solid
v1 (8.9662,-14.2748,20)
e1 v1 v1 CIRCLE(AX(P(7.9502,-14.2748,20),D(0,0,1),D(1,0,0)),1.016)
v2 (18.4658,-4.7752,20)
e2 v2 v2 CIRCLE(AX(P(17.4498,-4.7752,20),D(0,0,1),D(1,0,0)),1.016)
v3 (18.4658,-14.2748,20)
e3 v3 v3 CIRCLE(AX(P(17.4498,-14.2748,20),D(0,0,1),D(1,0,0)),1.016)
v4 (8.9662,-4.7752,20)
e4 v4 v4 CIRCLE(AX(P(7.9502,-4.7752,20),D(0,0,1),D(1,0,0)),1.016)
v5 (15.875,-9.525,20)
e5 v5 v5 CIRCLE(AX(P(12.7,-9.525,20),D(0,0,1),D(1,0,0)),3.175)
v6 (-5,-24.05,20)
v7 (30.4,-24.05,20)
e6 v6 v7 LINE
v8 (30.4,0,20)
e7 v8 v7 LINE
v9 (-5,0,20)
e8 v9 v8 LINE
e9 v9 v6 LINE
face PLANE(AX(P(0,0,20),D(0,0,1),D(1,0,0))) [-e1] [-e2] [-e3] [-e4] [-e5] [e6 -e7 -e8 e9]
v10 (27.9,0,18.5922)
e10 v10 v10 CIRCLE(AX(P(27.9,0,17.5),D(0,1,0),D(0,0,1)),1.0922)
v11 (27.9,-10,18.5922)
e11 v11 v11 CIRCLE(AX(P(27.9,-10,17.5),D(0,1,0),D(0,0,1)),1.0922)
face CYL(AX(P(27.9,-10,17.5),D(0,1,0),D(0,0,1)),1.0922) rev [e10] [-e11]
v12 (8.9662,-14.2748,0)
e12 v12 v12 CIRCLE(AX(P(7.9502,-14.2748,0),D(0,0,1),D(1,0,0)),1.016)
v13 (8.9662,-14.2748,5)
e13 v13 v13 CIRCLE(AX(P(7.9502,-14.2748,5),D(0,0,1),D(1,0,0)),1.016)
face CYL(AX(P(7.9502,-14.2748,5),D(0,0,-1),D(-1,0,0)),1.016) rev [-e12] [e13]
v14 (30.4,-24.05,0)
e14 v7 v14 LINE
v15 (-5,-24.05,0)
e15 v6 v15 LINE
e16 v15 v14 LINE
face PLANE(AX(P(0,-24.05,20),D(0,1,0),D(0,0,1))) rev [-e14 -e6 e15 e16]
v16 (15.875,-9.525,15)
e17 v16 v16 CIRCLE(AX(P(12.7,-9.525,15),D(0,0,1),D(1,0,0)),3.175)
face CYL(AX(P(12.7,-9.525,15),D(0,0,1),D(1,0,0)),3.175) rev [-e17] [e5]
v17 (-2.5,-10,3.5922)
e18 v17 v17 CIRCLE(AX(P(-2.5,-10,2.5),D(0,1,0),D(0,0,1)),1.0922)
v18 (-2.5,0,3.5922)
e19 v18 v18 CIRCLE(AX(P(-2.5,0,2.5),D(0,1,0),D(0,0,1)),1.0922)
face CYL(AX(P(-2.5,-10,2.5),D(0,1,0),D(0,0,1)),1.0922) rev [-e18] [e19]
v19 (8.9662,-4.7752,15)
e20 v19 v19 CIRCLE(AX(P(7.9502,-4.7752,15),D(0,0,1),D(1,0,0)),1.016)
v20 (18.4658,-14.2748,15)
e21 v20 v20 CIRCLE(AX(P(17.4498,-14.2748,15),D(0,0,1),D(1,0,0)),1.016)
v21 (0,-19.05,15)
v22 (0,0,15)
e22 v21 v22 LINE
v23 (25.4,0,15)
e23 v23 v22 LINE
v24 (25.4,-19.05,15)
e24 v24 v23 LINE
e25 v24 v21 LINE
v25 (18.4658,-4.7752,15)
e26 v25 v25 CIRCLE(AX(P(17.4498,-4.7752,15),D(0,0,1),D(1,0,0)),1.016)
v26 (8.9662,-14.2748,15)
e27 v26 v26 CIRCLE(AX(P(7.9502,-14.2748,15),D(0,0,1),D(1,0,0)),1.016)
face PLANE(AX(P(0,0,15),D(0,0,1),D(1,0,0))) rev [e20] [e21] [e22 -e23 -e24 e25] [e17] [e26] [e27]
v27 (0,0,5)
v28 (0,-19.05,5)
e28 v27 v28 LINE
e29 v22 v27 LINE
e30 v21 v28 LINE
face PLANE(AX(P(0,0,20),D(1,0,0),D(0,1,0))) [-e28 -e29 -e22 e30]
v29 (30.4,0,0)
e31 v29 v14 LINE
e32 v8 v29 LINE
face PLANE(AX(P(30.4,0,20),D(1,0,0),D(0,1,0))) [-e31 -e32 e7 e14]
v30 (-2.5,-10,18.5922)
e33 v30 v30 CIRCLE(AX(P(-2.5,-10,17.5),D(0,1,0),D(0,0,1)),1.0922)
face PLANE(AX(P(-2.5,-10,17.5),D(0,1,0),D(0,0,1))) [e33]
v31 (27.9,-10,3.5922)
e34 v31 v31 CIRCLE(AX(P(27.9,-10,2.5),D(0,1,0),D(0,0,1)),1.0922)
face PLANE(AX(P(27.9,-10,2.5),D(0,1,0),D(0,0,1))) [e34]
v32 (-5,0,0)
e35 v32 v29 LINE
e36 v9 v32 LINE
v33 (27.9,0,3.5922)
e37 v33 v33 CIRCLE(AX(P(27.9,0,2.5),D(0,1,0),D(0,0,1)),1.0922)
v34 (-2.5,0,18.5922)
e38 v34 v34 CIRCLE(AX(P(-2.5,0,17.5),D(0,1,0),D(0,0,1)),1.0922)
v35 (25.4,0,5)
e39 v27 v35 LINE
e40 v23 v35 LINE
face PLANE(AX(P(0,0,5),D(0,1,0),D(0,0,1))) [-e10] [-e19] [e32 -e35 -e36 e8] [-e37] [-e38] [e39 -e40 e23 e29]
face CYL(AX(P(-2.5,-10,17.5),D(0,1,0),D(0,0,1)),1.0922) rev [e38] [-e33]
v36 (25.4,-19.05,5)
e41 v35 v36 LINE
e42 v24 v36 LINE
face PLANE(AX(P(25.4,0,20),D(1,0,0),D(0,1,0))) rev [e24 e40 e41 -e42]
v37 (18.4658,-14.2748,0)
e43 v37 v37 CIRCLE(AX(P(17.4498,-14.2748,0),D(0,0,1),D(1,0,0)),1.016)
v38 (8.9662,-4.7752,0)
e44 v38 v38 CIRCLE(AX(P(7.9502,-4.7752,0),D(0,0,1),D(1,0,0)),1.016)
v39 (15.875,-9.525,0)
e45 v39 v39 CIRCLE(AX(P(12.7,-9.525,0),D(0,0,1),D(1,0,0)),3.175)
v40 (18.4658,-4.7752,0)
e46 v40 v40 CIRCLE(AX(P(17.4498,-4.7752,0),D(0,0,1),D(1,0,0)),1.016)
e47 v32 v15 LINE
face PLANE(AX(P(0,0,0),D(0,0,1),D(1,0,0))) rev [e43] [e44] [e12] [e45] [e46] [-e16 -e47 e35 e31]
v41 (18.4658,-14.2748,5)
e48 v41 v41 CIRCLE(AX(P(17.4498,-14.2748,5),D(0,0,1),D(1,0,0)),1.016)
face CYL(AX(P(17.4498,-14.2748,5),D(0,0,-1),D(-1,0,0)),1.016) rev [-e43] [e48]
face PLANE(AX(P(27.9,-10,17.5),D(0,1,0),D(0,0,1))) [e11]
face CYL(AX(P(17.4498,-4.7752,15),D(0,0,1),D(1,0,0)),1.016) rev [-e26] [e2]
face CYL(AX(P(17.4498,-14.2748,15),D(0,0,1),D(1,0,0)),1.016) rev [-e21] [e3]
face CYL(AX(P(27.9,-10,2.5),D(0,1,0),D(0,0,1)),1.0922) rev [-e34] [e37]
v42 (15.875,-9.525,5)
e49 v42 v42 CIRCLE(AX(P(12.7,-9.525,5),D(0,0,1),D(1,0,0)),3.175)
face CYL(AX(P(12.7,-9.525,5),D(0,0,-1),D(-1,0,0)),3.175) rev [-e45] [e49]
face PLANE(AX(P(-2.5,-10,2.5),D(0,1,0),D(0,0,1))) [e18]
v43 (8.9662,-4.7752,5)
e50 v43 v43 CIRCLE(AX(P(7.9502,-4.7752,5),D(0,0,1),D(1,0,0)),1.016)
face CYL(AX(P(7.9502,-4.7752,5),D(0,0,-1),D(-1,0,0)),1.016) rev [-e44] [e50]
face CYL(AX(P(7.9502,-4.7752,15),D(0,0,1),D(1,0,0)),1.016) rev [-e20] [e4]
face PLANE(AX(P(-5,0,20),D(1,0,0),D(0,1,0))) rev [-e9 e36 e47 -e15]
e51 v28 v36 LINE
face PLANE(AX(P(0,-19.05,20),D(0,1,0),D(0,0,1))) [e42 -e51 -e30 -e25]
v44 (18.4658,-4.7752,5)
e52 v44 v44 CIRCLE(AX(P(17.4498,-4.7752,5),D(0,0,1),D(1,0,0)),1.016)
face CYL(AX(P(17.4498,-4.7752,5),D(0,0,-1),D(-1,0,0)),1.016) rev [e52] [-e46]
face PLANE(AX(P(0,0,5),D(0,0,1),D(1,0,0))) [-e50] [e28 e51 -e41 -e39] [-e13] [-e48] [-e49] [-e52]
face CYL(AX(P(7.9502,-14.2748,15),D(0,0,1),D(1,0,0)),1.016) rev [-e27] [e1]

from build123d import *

# Parameters (mm, degrees)
SKETCH1_W           = 25.4
SKETCH1_H           = 19.05
SKETCH1_R           = 3.175
SKETCH1_R_2         = 1.016
BOSS_EXTRUDE1_DEPTH = 5
SKETCH1_3_W         = 25.4
SKETCH1_3_H         = 5
BOSS_EXTRUDE2_DEPTH = 20
BOSS_EXTRUDE3_START = 20
SKETCH1_4_W         = 25.4
SKETCH1_4_H         = 19.05
SKETCH1_4_R         = 3.175
SKETCH1_4_R_2       = 1.016
BOSS_EXTRUDE3_DEPTH = 5
SKETCH2_R           = 1.0922
CUT_EXTRUDE1_DEPTH  = 10


with BuildPart() as part:
    # Sketch1 → Boss-Extrude1 (new body)
    with BuildSketch(Plane.XY):
        with Locations((12.7, -9.525)):
            Rectangle(SKETCH1_W, SKETCH1_H)
        with Locations((12.7, -9.525)):
            Circle(SKETCH1_R, mode=Mode.SUBTRACT)
        with Locations((17.4498, -14.2748)):
            Circle(SKETCH1_R_2, mode=Mode.SUBTRACT)
        with Locations((7.9502, -14.2748)):
            Circle(SKETCH1_R_2, mode=Mode.SUBTRACT)
        with Locations((17.4498, -4.7752)):
            Circle(SKETCH1_R_2, mode=Mode.SUBTRACT)
        with Locations((7.9502, -4.7752)):
            Circle(SKETCH1_R_2, mode=Mode.SUBTRACT)
    extrude(amount=BOSS_EXTRUDE1_DEPTH)

    # Sketch1<3> → Boss-Extrude2 (add)
    with BuildSketch(Plane.XY):
        with Locations((12.7, -21.55)):
            Rectangle(SKETCH1_3_W, SKETCH1_3_H)
        Polygon((30.4, 0), (30.4, -24.05), (25.4, -24.05), (25.4, -19.05), (25.4, 0), align=None)
        Polygon((-5, 0), (-5, -24.05), (0, -24.05), (0, -19.05), (0, 0), align=None)
    extrude(amount=BOSS_EXTRUDE2_DEPTH)

    # Sketch1<4> → Boss-Extrude3 (add)
    with BuildSketch(Plane.XY.offset(BOSS_EXTRUDE3_START)):
        with Locations((12.7, -9.525)):
            Rectangle(SKETCH1_4_W, SKETCH1_4_H)
        with Locations((12.7, -9.525)):
            Circle(SKETCH1_4_R, mode=Mode.SUBTRACT)
        with Locations((17.4498, -14.2748)):
            Circle(SKETCH1_4_R_2, mode=Mode.SUBTRACT)
        with Locations((7.9502, -14.2748)):
            Circle(SKETCH1_4_R_2, mode=Mode.SUBTRACT)
        with Locations((17.4498, -4.7752)):
            Circle(SKETCH1_4_R_2, mode=Mode.SUBTRACT)
        with Locations((7.9502, -4.7752)):
            Circle(SKETCH1_4_R_2, mode=Mode.SUBTRACT)
    extrude(amount=-BOSS_EXTRUDE3_DEPTH)

    # Sketch2 → Cut-Extrude1 (cut)
    with BuildSketch(Plane(origin=(0, 0, 0), x_dir=(1, 0, 0), z_dir=(0, 1, 0))):
        with Locations((-2.5, -2.5)):
            Circle(SKETCH2_R)
        with Locations((27.9, -2.5)):
            Circle(SKETCH2_R)
        with Locations((27.9, -17.5)):
            Circle(SKETCH2_R)
        with Locations((-2.5, -17.5)):
            Circle(SKETCH2_R)
    extrude(amount=-CUT_EXTRUDE1_DEPTH, mode=Mode.SUBTRACT)


solid = part.part
